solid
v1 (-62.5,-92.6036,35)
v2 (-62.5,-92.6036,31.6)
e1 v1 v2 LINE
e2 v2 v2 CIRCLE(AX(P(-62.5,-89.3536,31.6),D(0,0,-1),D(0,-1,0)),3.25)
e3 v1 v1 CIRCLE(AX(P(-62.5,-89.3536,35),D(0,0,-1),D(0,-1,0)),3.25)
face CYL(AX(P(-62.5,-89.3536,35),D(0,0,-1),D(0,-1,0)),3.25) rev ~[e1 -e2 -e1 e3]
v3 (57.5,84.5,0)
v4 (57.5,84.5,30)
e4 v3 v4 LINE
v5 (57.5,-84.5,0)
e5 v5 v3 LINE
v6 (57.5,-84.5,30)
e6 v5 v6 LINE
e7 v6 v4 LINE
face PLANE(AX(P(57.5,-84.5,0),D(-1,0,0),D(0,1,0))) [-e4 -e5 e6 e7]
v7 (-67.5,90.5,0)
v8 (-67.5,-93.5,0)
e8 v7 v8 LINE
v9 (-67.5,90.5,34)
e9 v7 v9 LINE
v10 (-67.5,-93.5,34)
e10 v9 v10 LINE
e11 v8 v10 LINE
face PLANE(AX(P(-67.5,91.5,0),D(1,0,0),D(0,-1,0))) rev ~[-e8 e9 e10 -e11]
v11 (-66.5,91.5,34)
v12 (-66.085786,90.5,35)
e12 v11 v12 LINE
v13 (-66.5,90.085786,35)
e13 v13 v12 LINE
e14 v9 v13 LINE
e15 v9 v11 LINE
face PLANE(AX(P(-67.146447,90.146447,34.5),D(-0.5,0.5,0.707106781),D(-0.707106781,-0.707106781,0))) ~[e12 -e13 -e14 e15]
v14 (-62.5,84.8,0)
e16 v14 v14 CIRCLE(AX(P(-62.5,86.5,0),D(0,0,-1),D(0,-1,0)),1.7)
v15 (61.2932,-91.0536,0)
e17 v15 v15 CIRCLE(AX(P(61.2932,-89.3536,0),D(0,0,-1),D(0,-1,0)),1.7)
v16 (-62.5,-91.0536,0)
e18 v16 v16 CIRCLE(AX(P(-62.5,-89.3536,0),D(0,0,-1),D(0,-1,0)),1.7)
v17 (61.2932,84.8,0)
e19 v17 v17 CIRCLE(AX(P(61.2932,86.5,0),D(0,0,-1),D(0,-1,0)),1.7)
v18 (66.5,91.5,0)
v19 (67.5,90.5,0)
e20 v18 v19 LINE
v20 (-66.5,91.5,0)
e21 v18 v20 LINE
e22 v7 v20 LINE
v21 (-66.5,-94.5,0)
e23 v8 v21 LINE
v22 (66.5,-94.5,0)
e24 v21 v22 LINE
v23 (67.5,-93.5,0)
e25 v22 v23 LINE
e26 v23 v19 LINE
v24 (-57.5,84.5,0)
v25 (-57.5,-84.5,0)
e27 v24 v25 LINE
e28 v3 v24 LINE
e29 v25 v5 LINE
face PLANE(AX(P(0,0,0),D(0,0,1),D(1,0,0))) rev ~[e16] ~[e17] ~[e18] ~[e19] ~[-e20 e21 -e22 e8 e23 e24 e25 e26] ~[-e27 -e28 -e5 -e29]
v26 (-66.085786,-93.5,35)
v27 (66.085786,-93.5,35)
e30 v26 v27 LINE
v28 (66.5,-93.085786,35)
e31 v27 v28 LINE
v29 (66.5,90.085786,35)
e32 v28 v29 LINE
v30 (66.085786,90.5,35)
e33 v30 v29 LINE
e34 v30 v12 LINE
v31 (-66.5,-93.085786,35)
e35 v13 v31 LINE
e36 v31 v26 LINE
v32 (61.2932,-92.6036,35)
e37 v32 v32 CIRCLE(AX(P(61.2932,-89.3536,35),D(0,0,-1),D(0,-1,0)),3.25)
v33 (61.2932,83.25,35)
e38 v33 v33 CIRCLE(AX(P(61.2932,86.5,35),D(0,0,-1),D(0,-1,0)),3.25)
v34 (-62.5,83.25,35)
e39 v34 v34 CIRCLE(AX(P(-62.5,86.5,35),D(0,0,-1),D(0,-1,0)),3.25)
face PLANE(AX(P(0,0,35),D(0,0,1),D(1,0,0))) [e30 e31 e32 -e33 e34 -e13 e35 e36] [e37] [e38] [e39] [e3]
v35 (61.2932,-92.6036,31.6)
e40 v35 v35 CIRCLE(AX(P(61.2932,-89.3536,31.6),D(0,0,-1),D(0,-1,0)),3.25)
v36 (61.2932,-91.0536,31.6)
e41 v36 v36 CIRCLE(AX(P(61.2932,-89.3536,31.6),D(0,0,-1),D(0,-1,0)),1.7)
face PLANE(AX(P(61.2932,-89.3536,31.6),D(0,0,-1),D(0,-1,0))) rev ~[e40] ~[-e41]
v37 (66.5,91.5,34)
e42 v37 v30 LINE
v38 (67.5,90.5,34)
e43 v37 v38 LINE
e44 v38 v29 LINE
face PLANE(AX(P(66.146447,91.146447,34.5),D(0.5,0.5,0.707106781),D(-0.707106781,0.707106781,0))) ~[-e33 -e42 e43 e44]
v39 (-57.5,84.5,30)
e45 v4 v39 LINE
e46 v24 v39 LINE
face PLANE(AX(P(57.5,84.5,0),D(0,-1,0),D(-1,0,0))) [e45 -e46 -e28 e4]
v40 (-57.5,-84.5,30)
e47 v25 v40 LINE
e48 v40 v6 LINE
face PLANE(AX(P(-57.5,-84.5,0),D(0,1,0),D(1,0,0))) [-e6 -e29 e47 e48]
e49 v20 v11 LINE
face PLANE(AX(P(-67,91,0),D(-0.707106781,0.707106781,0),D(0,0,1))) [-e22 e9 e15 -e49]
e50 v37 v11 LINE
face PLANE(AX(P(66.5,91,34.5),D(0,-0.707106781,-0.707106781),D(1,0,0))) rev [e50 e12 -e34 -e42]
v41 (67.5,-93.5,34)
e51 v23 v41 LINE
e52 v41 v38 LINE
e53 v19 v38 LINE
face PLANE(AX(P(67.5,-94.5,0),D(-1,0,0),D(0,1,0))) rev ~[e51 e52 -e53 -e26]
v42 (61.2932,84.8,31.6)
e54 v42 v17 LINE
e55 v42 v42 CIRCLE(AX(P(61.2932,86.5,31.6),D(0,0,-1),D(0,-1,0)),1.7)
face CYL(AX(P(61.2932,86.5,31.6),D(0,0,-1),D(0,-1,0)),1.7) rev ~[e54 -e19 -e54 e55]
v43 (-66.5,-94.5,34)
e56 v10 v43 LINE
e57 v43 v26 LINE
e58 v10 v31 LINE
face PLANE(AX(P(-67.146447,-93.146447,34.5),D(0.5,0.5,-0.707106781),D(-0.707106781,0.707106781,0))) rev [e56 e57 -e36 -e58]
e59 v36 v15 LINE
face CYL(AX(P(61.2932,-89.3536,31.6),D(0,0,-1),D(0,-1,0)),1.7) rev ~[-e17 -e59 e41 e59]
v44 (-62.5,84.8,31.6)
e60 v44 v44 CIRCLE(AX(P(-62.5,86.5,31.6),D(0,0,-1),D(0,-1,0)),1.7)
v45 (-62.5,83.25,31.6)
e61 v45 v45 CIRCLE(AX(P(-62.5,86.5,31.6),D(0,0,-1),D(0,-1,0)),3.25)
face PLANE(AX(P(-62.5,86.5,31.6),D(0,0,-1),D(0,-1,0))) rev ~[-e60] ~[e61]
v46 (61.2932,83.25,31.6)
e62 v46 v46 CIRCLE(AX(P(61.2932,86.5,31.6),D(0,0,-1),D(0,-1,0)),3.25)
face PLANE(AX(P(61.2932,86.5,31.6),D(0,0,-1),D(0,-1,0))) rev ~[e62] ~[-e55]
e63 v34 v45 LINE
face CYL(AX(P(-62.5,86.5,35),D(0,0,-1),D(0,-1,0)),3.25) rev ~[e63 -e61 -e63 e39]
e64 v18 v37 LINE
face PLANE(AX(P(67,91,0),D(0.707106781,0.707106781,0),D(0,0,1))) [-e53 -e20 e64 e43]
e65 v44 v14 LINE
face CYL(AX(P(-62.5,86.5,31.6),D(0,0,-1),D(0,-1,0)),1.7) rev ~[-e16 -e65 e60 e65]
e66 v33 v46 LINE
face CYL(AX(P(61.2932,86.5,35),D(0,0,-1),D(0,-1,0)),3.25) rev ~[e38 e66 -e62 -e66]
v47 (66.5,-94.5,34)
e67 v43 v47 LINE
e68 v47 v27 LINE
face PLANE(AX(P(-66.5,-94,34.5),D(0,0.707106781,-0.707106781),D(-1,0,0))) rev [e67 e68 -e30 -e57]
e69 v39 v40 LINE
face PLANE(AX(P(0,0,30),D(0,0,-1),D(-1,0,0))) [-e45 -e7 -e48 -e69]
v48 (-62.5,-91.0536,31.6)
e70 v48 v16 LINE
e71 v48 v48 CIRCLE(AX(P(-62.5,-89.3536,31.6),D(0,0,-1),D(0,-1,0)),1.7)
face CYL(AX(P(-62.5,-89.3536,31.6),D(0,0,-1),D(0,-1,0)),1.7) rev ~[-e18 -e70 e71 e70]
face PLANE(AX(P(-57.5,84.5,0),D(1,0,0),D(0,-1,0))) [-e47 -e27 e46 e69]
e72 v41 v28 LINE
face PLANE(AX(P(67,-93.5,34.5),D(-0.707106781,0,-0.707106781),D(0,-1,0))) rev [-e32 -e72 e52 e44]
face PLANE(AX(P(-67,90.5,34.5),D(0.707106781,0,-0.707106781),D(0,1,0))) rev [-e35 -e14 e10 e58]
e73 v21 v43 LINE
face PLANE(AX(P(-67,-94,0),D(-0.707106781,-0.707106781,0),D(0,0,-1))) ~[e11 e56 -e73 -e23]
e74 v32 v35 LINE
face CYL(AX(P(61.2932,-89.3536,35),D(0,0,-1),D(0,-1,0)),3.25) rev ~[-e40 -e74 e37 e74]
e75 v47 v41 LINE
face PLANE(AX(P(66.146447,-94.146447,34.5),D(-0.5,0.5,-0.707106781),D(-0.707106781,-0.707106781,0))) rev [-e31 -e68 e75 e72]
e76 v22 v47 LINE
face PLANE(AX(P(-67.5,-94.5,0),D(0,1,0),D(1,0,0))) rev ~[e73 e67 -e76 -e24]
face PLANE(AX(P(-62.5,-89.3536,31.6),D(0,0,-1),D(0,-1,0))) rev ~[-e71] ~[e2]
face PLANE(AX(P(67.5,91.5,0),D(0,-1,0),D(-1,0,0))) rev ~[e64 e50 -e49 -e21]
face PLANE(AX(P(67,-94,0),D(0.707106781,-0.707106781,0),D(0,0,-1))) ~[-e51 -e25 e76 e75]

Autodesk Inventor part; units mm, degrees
ref_plane "YZ Plane" through (0, 0, 0) normal (1, 0, 0) x (0, 1, 0)
ref_plane "XZ Plane" through (0, 0, 0) normal (0, 1, 0) x (-1, 0, 0)
ref_plane "XY Plane" through (0, 0, 0) normal (0, 0, 1) x (1, 0, 0)
sketch "Sketch1" plane through (0, 0, 0) normal (0, 0, 1) x (1, 0, 0)
  line L0 (-61.5, -83.5) -> (62.5, -83.5)
  line L1 (62.5, -83.5) -> (62.5, 73.5)
  line L2 (62.5, 73.5) -> (-61.5, 73.5)
  line L3 (-61.5, 73.5) -> (-61.5, -83.5)
  line L4 (-67.5, -94.5) -> (67.5, -94.5) projected
  line L5 (67.5, -94.5) -> (67.5, 91.5) projected
  line L6 (62.5, -70.5) -> (-20.5, -70.5) projected
  line L7 (-20.5, 73.5) -> (62.5, 73.5) projected
  line L8 (62.5, 73.5) -> (62.5, -70.5) projected
  line L9 (67.5, 91.5) -> (-67.5, 91.5) projected
  line L10 (-67.5, 91.5) -> (-67.5, -94.5) projected
  circle A0 centre (61.2932, 86.5) radius 2 projected
  circle A1 centre (61.2932, -89.3536) radius 2 projected
  circle A2 centre (-62.5, -89.3536) radius 2 projected
  circle A3 centre (-62.5, 86.5) radius 2 projected
  line L11 (-64.5, -83.5) -> (-64.5, 80.5) projected
  line L12 (-58.5, 86.5) -> (-64.5, 80.5) projected
  line L13 (-58.5, 86.5) -> (-30.5, 86.5) projected
  line L14 (-30.5, 86.5) -> (-30.5, 24) projected
  line L15 (-30.5, 24) -> (-20.5, 24) projected
  line L16 (-20.5, 24) -> (-20.5, 73.5) projected
  line L17 (-20.5, -70.5) -> (-20.5, -21) projected
  line L18 (-20.5, -21) -> (-30.5, -21) projected
  line L19 (-30.5, -21) -> (-30.5, -89.5) projected
  line L20 (-30.5, -89.5) -> (-58.5, -89.5) projected
  line L21 (-64.5, -83.5) -> (-58.5, -89.5) projected
  point P0 (0, 0)
  point P1 (67.5, -91)
  point P2 (67, 91.5)
  point P3 (-67, 91.5)
  point P4 (-67.5, 91)
extrude "Extrusion1" add sketch "Sketch1" along normal blind 35 contours L3 L2 L14 L15 L16 L1 L6 L17 L18 L19 L0 | L0 L19 L20 L21 L11 L12 L13 L14 L2 L3 | L19 L18 L17 L6 L1 L0 | L2 L16 L15 L14 | L10 L9 L5 L4 | A0 | A1 | A2 | A3
sketch "Skizze3" plane through (0, 0, 35) normal (0, 0, 1) x (1, 0, 0)
  circle A0 centre (61.2932, 86.5) radius 2 projected
  circle A1 centre (-62.5, 86.5) radius 2 projected
  circle A2 centre (61.2932, -89.3536) radius 2 projected
  circle A3 centre (-62.5, -89.3536) radius 2 projected
  point P0 (0, 0)
hole "Bohrung1" at (-62.5, 86.5, 35) at (61.2932, 86.5, 35) at (61.2932, -89.3536, 35) at (-62.5, -89.3536, 35) direction (0, 0, -1) diameter 3.4 end through all counterbore diameter 6.5 counterbore depth 3.4 clearance for "Inbusschraube DIN EN ISO 4762" size "M3" standard "DIN"
sketch "Skizze4" plane through (0, 0, 0) normal (0, 0, -1) x (-1, 0, 0)
  line L0 (-57.5, 84.5) -> (57.5, 84.5)
  line L1 (57.5, 84.5) -> (57.5, -84.5)
  line L2 (57.5, -84.5) -> (-57.5, -84.5)
  line L3 (-57.5, -84.5) -> (-57.5, 84.5)
  line L4 (-57.5, 84.5) -> (57.5, -84.5) construction
  line L5 (57.5, 84.5) -> (-57.5, -84.5) construction
  line L6 (67.5, 91.5) -> (67.5, -94.5) projected
  line L7 (67.5, -94.5) -> (-67.5, -94.5) projected
  point P0 (0, 0)
  dimension "d14" = 10
  dimension "d15" = 10
extrude "Extrusion3" cut sketch "Skizze4" against normal blind 30
chamfer "Fasen2" distance 1 angle 45 4 edges at (-67.5, -94.5, 17.5) (-67.5, 91.5, 17.5) (67.5, 91.5, 17.5) (67.5, -94.5, 17.5)
chamfer "Fasen3" distance 1 angle 45 8 edges at (-67.5, -1.5, 35) (0, 91.5, 35) (67.5, -1.5, 35) (0, -94.5, 35) (-67, -94, 35) (67, -94, 35) (67, 91, 35) (-67, 91, 35)
properties part number "Kameraturm_Deckel"
